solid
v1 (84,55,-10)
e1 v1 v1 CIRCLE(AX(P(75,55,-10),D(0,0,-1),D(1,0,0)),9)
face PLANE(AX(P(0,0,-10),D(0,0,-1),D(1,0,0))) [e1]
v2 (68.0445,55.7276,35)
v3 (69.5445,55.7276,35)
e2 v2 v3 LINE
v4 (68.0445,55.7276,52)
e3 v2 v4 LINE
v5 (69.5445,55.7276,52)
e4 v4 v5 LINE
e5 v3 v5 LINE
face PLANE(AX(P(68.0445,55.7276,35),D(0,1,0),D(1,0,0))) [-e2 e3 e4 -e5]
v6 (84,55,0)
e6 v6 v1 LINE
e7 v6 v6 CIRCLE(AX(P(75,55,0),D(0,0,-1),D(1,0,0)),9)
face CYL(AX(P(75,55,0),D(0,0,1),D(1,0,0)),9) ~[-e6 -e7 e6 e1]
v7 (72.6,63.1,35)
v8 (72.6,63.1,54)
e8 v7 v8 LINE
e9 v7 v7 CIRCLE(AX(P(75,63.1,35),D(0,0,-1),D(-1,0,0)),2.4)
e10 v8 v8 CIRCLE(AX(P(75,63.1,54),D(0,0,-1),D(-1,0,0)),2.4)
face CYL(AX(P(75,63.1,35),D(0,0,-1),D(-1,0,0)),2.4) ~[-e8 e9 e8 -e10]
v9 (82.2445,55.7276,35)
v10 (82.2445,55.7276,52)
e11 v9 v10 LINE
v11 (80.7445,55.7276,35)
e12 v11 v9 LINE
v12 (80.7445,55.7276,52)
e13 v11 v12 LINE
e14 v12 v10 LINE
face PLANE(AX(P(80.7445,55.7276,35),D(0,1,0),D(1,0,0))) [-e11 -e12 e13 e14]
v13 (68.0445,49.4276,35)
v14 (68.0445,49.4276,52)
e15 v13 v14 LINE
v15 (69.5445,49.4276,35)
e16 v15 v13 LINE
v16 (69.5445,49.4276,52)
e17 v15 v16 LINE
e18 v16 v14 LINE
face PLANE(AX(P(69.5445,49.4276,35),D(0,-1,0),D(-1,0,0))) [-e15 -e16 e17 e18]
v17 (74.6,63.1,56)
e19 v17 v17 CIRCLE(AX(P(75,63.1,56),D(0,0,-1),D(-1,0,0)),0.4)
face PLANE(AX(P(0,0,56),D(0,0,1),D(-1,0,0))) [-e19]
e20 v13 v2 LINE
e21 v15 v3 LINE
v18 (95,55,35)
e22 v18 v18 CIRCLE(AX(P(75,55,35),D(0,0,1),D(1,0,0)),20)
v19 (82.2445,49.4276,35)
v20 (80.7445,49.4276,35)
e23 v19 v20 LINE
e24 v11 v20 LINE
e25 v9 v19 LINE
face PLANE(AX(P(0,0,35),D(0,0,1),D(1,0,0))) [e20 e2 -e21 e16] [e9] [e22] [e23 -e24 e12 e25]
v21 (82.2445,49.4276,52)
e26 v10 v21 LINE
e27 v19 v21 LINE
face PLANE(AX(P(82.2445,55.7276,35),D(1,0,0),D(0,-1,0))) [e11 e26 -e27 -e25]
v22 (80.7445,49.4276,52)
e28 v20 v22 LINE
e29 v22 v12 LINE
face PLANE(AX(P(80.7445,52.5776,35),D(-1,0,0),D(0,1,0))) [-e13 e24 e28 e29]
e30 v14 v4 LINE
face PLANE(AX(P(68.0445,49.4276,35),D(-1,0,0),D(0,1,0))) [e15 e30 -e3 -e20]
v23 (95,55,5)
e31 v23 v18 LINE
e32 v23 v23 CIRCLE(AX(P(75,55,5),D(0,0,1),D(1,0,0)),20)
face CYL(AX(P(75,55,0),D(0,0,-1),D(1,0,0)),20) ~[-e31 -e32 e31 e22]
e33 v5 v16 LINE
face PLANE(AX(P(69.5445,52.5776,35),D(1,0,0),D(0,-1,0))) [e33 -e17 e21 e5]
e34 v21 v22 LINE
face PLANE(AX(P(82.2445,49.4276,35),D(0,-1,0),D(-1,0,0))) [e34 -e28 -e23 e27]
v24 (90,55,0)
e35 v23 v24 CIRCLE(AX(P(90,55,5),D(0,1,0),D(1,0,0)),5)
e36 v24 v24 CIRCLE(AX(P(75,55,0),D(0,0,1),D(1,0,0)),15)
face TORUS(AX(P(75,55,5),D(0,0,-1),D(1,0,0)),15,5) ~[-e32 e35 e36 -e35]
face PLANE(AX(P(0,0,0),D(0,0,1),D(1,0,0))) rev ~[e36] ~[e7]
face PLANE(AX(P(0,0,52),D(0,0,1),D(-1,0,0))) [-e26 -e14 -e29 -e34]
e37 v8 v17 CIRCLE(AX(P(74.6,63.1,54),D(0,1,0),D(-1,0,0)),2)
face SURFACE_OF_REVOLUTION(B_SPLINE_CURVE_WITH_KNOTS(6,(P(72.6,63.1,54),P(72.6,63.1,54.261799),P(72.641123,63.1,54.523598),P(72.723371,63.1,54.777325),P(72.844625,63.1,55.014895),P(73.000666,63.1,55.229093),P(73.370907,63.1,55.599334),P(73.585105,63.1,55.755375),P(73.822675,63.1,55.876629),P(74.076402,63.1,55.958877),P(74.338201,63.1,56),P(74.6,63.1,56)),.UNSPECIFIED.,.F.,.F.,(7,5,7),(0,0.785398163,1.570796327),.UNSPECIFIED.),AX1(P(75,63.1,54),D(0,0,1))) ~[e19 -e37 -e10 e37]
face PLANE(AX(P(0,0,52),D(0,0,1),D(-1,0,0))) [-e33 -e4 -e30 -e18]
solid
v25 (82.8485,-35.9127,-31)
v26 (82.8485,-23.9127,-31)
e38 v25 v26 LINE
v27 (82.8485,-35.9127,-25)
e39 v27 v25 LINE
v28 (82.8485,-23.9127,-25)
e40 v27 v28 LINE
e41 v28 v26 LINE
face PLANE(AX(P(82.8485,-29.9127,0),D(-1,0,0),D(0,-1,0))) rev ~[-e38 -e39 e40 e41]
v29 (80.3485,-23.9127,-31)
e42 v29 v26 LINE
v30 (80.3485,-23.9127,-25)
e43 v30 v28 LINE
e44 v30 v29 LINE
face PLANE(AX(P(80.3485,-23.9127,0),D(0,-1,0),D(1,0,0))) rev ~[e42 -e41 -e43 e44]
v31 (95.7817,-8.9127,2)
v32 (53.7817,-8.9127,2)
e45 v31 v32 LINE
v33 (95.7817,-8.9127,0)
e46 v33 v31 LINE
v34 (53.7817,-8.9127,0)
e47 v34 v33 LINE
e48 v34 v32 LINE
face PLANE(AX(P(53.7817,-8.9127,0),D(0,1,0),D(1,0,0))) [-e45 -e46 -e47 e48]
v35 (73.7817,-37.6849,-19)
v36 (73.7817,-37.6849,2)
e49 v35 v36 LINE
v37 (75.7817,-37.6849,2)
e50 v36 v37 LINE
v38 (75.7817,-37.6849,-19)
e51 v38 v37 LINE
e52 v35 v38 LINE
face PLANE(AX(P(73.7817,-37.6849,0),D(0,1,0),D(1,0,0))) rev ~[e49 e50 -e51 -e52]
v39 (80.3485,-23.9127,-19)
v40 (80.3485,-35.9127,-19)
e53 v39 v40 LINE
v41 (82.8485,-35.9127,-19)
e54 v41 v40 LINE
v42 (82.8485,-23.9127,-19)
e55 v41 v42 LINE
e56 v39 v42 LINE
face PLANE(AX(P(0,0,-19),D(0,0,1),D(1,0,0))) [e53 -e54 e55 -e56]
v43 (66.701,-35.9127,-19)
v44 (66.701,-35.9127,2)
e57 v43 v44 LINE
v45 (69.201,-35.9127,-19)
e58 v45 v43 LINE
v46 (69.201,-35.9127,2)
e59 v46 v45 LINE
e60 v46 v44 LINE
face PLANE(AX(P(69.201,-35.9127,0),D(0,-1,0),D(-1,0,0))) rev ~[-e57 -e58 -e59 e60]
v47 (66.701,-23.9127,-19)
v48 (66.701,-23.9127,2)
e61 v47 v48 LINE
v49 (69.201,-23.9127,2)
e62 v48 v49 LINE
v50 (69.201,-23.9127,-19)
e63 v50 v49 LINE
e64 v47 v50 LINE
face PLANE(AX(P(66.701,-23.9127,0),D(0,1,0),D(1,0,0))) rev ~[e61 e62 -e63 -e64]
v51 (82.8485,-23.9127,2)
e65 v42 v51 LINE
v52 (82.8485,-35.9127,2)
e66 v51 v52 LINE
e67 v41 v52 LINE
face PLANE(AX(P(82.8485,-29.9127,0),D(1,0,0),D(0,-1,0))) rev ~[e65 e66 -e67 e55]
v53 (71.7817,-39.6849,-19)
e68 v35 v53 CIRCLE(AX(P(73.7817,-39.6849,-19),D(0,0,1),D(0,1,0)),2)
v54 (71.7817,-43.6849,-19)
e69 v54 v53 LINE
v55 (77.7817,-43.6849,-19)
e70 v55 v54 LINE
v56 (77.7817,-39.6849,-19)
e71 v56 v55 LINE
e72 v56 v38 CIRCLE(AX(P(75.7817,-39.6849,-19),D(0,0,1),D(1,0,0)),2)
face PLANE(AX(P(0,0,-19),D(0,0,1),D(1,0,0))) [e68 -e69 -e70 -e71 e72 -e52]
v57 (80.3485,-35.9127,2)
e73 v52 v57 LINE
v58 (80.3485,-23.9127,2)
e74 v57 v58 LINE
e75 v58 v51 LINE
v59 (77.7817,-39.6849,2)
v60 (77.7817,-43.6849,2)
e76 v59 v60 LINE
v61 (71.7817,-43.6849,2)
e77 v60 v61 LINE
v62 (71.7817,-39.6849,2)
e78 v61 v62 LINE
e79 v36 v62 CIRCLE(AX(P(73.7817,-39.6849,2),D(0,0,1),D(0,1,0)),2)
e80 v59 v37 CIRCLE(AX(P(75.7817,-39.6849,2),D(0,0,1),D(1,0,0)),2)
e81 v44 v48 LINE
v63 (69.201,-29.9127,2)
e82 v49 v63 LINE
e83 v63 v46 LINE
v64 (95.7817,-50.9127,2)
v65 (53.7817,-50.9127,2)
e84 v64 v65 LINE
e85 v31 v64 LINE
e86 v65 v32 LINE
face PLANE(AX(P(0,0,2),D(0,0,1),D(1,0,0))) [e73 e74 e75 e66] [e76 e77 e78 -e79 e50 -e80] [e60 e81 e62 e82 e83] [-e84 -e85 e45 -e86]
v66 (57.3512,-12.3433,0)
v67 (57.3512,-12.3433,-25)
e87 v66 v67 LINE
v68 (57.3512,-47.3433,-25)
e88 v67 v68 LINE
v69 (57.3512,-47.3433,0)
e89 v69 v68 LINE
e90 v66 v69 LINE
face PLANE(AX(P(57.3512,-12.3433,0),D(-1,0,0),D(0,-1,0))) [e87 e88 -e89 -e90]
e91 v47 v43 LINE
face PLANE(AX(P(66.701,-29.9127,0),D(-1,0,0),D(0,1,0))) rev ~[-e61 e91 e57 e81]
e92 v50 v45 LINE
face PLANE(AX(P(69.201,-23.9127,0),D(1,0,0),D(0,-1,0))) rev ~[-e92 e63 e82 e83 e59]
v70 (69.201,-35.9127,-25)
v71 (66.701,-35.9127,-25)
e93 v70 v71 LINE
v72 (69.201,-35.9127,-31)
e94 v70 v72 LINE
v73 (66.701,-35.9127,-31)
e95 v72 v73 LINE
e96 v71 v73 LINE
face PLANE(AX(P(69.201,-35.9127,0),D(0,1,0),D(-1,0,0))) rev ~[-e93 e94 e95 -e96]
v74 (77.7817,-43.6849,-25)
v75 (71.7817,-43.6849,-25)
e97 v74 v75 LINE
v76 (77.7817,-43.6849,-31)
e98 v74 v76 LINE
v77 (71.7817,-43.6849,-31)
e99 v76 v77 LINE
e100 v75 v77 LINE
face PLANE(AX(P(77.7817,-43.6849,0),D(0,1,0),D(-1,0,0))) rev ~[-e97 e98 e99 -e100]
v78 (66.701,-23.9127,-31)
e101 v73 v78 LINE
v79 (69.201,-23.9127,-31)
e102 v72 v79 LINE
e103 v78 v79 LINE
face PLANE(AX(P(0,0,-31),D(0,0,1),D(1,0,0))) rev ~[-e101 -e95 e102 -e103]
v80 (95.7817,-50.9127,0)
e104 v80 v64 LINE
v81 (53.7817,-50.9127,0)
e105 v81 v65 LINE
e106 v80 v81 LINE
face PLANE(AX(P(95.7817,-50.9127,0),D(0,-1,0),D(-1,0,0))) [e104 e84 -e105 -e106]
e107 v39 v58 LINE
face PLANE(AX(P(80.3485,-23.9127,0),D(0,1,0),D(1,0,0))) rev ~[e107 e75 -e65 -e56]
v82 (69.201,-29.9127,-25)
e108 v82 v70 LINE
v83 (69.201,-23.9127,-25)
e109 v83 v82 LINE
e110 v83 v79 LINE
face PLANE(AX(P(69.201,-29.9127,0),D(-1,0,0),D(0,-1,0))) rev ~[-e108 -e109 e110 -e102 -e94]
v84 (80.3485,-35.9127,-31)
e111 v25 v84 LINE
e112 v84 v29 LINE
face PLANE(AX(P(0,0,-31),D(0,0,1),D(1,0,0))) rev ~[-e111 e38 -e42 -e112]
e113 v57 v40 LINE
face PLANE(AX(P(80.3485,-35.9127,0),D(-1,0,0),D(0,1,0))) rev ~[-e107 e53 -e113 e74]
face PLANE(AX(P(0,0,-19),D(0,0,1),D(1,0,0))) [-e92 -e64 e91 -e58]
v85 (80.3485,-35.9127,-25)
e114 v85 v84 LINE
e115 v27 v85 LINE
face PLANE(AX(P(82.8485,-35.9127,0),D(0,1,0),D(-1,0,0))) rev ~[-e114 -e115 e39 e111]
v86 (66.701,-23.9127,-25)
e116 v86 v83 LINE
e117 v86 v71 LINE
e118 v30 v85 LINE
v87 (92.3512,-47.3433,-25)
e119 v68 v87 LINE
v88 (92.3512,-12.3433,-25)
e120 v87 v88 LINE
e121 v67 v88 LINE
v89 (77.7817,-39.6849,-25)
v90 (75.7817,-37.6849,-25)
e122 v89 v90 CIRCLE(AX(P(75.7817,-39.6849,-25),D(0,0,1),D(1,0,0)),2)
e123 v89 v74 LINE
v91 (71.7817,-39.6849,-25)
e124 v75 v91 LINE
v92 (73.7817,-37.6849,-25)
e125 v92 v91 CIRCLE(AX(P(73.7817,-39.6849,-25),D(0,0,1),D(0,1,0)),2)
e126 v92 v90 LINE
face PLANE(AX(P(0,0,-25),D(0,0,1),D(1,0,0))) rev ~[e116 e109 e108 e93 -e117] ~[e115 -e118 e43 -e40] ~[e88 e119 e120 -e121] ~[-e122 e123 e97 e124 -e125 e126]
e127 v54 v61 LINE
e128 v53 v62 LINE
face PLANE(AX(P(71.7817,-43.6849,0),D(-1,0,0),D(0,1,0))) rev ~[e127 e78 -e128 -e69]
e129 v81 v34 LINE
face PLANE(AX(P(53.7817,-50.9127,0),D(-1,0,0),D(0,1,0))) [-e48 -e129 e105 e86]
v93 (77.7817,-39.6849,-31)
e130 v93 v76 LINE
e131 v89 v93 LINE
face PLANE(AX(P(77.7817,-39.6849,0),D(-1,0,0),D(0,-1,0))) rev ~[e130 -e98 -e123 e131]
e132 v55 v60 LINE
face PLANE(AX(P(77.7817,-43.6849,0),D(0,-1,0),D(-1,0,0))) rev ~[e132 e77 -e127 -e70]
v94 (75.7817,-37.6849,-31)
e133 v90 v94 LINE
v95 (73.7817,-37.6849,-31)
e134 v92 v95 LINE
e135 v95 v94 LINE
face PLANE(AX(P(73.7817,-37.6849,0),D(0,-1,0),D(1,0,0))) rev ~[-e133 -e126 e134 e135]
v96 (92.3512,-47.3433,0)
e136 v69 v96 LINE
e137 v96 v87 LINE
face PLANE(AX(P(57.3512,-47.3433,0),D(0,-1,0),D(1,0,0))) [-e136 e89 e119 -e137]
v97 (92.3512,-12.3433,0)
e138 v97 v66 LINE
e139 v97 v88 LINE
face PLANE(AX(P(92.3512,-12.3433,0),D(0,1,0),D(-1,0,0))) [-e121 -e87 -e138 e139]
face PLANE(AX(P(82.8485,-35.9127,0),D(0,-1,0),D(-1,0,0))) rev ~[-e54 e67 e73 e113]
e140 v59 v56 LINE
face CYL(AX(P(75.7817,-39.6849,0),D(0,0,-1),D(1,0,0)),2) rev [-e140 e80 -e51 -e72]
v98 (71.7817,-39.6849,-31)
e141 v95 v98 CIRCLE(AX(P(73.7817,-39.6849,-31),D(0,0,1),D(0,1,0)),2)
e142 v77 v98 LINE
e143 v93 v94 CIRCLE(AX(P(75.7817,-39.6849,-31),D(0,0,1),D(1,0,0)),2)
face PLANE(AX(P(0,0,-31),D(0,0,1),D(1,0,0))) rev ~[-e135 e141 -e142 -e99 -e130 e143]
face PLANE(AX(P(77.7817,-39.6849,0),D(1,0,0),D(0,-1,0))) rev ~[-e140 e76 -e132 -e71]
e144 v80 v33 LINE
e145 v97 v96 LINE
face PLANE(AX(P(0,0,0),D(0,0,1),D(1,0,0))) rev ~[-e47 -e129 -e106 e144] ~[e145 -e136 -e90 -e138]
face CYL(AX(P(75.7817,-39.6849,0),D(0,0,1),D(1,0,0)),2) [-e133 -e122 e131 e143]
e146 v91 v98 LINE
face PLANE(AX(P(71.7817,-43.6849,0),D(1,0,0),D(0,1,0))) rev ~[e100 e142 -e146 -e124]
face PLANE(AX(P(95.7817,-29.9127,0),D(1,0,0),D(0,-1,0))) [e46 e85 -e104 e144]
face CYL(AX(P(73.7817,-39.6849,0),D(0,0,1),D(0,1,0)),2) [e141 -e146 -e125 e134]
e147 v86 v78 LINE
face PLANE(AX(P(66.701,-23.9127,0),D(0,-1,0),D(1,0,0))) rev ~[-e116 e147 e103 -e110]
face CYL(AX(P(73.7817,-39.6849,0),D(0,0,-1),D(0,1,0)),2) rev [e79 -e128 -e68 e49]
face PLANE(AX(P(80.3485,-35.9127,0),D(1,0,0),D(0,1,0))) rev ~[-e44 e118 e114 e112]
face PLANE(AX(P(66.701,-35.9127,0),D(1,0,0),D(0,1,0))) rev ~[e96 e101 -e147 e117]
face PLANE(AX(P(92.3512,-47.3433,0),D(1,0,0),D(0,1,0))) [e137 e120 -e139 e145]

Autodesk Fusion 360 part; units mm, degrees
sketch "Boceto1" plane through (0, 0, 0) normal (0, 0, 1) x (1, 0, 0)
  circle A0 centre (75, 55) radius 20
  dimension "d1" = 40
extrude "Extruir1" add sketch "Boceto1" along normal blind 35 makes body 1
fillet "Empalme1" radius 5 1 faces at (63.8127, 57.6911, 0) on bodies 1
sketch "Boceto2" plane through (0, 0, 35) normal (0, 0, 1) x (-1, 0, 0)
  circle A0 centre (-75, -55) radius 20
  circle A1 centre (-75, -63.1) radius 2.4
  line L0 (-75, -75) -> (-75, -63.1)
  line L1 (-80.7445, -55.7276) -> (-82.2445, -55.7276)
  line L2 (-82.2445, -55.7276) -> (-82.2445, -49.4276)
  line L3 (-82.2445, -49.4276) -> (-80.7445, -49.4276)
  line L4 (-80.7445, -49.4276) -> (-80.7445, -55.7276)
  line L5 (-80.7445, -55.7276) -> (-82.2445, -49.4276) construction
  line L6 (-82.2445, -55.7276) -> (-80.7445, -49.4276) construction
  line L7 (-81.4945, -52.5776) -> (-68.7945, -52.5776)
  line L8 (-68.0445, -55.7276) -> (-69.5445, -55.7276)
  line L9 (-69.5445, -55.7276) -> (-69.5445, -49.4276)
  line L10 (-69.5445, -49.4276) -> (-68.0445, -49.4276)
  line L11 (-68.0445, -49.4276) -> (-68.0445, -55.7276)
  line L12 (-68.0445, -55.7276) -> (-69.5445, -49.4276) construction
  line L13 (-69.5445, -55.7276) -> (-68.0445, -49.4276) construction
  line L14 (-75, -35) -> (-75, -56.7166)
  point P0 (-81.4945, -52.5776)
  point P1 (-68.7945, -52.5776)
  dimension "d6" = 4.8
  dimension "d7" = 11.9
  dimension "d8" = 1.5
  dimension "d9" = 6.3
  dimension "d10" = 12.7
  dimension "d11" = 1.5
  dimension "d12" = 6.3
extrude "Extruir2" add sketch "Boceto2" along normal blind 17 contours L8 L9 L10 L11 | L1 L2 L3 L4 bodies 1
extrude "Extruir3" add sketch "Boceto2" along normal blind 21 contours A1 bodies 1
fillet "Empalme2" radius 2 1 faces at (74.5012, 62.0029, 56) on bodies 1
sketch "Boceto3" plane through (0, 0, 0) normal (0, 0, -1) x (1, 0, 0)
  circle A0 centre (75, -55) radius 15
  circle A1 centre (75, -55) radius 9
  dimension "d19" = 18
extrude "Extruir4" add sketch "Boceto3" along normal blind 10 contours A1 bodies 1
sketch "Boceto10" plane through (0, 0, 0) normal (0, 0, 1) x (1, 0, 0)
  line L0 (95.7817, -50.9127) -> (53.7817, -50.9127)
  line L1 (53.7817, -50.9127) -> (53.7817, -8.9127)
  line L2 (53.7817, -8.9127) -> (95.7817, -8.9127)
  line L3 (95.7817, -8.9127) -> (95.7817, -50.9127)
  line L4 (95.7817, -50.9127) -> (53.7817, -8.9127) construction
  line L5 (53.7817, -50.9127) -> (95.7817, -8.9127) construction
  line L6 (74.7817, -8.9127) -> (74.7817, -29.9127)
  line L7 (95.7817, -29.9127) -> (74.7817, -29.9127)
  line L8 (85.2817, -29.9127) -> (85.2817, -8.9127)
  line L9 (85.2817, -29.9127) -> (65, -29.9127)
  line L10 (69.201, -35.9127) -> (66.701, -35.9127)
  line L11 (66.701, -35.9127) -> (66.701, -23.9127)
  line L12 (66.701, -23.9127) -> (69.201, -23.9127)
  line L13 (69.201, -23.9127) -> (69.201, -35.9127)
  line L14 (69.201, -35.9127) -> (66.701, -23.9127) construction
  line L15 (66.701, -35.9127) -> (69.201, -23.9127) construction
  line L16 (80.3485, -23.9127) -> (82.8485, -23.9127)
  line L17 (82.8485, -23.9127) -> (82.8485, -35.9127)
  line L18 (82.8485, -35.9127) -> (80.3485, -35.9127)
  line L19 (80.3485, -35.9127) -> (80.3485, -23.9127)
  line L20 (80.3485, -23.9127) -> (82.8485, -35.9127) construction
  line L21 (82.8485, -23.9127) -> (80.3485, -35.9127) construction
  line L22 (77.7817, -43.6849) -> (71.7817, -43.6849)
  line L23 (71.7817, -43.6849) -> (71.7817, -39.6849)
  line L24 (73.7817, -37.6849) -> (75.7817, -37.6849)
  line L25 (77.7817, -39.6849) -> (77.7817, -43.6849)
  line L26 (77.7817, -43.6849) -> (71.7817, -37.6849) construction
  line L27 (71.7817, -43.6849) -> (77.7817, -37.6849) construction
  arc A0 (73.7817, -37.6849) -> (71.7817, -39.6849) centre (73.7817, -39.6849) ccw
  arc A1 (77.7817, -39.6849) -> (75.7817, -37.6849) centre (75.7817, -39.6849) ccw
  line L28 (57.3512, -47.3433) -> (92.3512, -47.3433)
  line L29 (92.3512, -47.3433) -> (92.3512, -12.3433)
  line L30 (92.3512, -12.3433) -> (57.3512, -12.3433)
  line L31 (57.3512, -12.3433) -> (57.3512, -47.3433)
  point P0 (74.7817, -29.9127)
  point P1 (67.951, -29.9127)
  point P2 (81.5985, -29.9127)
  point P3 (74.7817, -40.6849)
  dimension "d56" = 42
  dimension "d57" = 42
  dimension "d58" = 2.5
  dimension "d59" = 12
  dimension "d60" = 2.5
  dimension "d61" = 12
  dimension "d62" = 6
  dimension "d63" = 6
  dimension "d64" = 2
  dimension "d65" = 2
  dimension "d68" = 35
  dimension "d69" = 35
extrude "Extruir11" add sketch "Boceto10" along normal blind 2 separate body contours L0 L1 L2 L3 L6 L7 L28 L29 L30 L31 | L2 L3 L7 L8 L29 L30 | L6 L7 L9 L17 L18 L19 L28 L29 L30 L31 | L7 L8 L29 L30 | L2 L6 L8 L30 | L6 L7 L8 L9 L16 L17 L19 L30 makes body 2
extrude "Extruir12" add sketch "Boceto10" against normal blind 25 separate body contours L6 L7 L9 L17 L18 L19 L28 L29 L30 L31 | L7 L8 L29 L30 | L6 L7 L8 L9 L16 L17 L19 L30 makes body 3
extrude "Extruir13" add sketch "Boceto10" against normal blind 31 contours L9 L10 L11 L13 | L9 L11 L12 L13 | L7 L9 L17 L18 L19 | L7 L9 L16 L17 L19 | L22 L23 L24 L25 A0 A1 bodies 2 3
extrude "Extruir14" cut 3 faces at (68.3677, -27.9127, 0) (81.1819, -27.9127, 0) (75.7817, -42.3516, 0) along direction (0, 0, -1) blind 19 on bodies 2 bodies 2
